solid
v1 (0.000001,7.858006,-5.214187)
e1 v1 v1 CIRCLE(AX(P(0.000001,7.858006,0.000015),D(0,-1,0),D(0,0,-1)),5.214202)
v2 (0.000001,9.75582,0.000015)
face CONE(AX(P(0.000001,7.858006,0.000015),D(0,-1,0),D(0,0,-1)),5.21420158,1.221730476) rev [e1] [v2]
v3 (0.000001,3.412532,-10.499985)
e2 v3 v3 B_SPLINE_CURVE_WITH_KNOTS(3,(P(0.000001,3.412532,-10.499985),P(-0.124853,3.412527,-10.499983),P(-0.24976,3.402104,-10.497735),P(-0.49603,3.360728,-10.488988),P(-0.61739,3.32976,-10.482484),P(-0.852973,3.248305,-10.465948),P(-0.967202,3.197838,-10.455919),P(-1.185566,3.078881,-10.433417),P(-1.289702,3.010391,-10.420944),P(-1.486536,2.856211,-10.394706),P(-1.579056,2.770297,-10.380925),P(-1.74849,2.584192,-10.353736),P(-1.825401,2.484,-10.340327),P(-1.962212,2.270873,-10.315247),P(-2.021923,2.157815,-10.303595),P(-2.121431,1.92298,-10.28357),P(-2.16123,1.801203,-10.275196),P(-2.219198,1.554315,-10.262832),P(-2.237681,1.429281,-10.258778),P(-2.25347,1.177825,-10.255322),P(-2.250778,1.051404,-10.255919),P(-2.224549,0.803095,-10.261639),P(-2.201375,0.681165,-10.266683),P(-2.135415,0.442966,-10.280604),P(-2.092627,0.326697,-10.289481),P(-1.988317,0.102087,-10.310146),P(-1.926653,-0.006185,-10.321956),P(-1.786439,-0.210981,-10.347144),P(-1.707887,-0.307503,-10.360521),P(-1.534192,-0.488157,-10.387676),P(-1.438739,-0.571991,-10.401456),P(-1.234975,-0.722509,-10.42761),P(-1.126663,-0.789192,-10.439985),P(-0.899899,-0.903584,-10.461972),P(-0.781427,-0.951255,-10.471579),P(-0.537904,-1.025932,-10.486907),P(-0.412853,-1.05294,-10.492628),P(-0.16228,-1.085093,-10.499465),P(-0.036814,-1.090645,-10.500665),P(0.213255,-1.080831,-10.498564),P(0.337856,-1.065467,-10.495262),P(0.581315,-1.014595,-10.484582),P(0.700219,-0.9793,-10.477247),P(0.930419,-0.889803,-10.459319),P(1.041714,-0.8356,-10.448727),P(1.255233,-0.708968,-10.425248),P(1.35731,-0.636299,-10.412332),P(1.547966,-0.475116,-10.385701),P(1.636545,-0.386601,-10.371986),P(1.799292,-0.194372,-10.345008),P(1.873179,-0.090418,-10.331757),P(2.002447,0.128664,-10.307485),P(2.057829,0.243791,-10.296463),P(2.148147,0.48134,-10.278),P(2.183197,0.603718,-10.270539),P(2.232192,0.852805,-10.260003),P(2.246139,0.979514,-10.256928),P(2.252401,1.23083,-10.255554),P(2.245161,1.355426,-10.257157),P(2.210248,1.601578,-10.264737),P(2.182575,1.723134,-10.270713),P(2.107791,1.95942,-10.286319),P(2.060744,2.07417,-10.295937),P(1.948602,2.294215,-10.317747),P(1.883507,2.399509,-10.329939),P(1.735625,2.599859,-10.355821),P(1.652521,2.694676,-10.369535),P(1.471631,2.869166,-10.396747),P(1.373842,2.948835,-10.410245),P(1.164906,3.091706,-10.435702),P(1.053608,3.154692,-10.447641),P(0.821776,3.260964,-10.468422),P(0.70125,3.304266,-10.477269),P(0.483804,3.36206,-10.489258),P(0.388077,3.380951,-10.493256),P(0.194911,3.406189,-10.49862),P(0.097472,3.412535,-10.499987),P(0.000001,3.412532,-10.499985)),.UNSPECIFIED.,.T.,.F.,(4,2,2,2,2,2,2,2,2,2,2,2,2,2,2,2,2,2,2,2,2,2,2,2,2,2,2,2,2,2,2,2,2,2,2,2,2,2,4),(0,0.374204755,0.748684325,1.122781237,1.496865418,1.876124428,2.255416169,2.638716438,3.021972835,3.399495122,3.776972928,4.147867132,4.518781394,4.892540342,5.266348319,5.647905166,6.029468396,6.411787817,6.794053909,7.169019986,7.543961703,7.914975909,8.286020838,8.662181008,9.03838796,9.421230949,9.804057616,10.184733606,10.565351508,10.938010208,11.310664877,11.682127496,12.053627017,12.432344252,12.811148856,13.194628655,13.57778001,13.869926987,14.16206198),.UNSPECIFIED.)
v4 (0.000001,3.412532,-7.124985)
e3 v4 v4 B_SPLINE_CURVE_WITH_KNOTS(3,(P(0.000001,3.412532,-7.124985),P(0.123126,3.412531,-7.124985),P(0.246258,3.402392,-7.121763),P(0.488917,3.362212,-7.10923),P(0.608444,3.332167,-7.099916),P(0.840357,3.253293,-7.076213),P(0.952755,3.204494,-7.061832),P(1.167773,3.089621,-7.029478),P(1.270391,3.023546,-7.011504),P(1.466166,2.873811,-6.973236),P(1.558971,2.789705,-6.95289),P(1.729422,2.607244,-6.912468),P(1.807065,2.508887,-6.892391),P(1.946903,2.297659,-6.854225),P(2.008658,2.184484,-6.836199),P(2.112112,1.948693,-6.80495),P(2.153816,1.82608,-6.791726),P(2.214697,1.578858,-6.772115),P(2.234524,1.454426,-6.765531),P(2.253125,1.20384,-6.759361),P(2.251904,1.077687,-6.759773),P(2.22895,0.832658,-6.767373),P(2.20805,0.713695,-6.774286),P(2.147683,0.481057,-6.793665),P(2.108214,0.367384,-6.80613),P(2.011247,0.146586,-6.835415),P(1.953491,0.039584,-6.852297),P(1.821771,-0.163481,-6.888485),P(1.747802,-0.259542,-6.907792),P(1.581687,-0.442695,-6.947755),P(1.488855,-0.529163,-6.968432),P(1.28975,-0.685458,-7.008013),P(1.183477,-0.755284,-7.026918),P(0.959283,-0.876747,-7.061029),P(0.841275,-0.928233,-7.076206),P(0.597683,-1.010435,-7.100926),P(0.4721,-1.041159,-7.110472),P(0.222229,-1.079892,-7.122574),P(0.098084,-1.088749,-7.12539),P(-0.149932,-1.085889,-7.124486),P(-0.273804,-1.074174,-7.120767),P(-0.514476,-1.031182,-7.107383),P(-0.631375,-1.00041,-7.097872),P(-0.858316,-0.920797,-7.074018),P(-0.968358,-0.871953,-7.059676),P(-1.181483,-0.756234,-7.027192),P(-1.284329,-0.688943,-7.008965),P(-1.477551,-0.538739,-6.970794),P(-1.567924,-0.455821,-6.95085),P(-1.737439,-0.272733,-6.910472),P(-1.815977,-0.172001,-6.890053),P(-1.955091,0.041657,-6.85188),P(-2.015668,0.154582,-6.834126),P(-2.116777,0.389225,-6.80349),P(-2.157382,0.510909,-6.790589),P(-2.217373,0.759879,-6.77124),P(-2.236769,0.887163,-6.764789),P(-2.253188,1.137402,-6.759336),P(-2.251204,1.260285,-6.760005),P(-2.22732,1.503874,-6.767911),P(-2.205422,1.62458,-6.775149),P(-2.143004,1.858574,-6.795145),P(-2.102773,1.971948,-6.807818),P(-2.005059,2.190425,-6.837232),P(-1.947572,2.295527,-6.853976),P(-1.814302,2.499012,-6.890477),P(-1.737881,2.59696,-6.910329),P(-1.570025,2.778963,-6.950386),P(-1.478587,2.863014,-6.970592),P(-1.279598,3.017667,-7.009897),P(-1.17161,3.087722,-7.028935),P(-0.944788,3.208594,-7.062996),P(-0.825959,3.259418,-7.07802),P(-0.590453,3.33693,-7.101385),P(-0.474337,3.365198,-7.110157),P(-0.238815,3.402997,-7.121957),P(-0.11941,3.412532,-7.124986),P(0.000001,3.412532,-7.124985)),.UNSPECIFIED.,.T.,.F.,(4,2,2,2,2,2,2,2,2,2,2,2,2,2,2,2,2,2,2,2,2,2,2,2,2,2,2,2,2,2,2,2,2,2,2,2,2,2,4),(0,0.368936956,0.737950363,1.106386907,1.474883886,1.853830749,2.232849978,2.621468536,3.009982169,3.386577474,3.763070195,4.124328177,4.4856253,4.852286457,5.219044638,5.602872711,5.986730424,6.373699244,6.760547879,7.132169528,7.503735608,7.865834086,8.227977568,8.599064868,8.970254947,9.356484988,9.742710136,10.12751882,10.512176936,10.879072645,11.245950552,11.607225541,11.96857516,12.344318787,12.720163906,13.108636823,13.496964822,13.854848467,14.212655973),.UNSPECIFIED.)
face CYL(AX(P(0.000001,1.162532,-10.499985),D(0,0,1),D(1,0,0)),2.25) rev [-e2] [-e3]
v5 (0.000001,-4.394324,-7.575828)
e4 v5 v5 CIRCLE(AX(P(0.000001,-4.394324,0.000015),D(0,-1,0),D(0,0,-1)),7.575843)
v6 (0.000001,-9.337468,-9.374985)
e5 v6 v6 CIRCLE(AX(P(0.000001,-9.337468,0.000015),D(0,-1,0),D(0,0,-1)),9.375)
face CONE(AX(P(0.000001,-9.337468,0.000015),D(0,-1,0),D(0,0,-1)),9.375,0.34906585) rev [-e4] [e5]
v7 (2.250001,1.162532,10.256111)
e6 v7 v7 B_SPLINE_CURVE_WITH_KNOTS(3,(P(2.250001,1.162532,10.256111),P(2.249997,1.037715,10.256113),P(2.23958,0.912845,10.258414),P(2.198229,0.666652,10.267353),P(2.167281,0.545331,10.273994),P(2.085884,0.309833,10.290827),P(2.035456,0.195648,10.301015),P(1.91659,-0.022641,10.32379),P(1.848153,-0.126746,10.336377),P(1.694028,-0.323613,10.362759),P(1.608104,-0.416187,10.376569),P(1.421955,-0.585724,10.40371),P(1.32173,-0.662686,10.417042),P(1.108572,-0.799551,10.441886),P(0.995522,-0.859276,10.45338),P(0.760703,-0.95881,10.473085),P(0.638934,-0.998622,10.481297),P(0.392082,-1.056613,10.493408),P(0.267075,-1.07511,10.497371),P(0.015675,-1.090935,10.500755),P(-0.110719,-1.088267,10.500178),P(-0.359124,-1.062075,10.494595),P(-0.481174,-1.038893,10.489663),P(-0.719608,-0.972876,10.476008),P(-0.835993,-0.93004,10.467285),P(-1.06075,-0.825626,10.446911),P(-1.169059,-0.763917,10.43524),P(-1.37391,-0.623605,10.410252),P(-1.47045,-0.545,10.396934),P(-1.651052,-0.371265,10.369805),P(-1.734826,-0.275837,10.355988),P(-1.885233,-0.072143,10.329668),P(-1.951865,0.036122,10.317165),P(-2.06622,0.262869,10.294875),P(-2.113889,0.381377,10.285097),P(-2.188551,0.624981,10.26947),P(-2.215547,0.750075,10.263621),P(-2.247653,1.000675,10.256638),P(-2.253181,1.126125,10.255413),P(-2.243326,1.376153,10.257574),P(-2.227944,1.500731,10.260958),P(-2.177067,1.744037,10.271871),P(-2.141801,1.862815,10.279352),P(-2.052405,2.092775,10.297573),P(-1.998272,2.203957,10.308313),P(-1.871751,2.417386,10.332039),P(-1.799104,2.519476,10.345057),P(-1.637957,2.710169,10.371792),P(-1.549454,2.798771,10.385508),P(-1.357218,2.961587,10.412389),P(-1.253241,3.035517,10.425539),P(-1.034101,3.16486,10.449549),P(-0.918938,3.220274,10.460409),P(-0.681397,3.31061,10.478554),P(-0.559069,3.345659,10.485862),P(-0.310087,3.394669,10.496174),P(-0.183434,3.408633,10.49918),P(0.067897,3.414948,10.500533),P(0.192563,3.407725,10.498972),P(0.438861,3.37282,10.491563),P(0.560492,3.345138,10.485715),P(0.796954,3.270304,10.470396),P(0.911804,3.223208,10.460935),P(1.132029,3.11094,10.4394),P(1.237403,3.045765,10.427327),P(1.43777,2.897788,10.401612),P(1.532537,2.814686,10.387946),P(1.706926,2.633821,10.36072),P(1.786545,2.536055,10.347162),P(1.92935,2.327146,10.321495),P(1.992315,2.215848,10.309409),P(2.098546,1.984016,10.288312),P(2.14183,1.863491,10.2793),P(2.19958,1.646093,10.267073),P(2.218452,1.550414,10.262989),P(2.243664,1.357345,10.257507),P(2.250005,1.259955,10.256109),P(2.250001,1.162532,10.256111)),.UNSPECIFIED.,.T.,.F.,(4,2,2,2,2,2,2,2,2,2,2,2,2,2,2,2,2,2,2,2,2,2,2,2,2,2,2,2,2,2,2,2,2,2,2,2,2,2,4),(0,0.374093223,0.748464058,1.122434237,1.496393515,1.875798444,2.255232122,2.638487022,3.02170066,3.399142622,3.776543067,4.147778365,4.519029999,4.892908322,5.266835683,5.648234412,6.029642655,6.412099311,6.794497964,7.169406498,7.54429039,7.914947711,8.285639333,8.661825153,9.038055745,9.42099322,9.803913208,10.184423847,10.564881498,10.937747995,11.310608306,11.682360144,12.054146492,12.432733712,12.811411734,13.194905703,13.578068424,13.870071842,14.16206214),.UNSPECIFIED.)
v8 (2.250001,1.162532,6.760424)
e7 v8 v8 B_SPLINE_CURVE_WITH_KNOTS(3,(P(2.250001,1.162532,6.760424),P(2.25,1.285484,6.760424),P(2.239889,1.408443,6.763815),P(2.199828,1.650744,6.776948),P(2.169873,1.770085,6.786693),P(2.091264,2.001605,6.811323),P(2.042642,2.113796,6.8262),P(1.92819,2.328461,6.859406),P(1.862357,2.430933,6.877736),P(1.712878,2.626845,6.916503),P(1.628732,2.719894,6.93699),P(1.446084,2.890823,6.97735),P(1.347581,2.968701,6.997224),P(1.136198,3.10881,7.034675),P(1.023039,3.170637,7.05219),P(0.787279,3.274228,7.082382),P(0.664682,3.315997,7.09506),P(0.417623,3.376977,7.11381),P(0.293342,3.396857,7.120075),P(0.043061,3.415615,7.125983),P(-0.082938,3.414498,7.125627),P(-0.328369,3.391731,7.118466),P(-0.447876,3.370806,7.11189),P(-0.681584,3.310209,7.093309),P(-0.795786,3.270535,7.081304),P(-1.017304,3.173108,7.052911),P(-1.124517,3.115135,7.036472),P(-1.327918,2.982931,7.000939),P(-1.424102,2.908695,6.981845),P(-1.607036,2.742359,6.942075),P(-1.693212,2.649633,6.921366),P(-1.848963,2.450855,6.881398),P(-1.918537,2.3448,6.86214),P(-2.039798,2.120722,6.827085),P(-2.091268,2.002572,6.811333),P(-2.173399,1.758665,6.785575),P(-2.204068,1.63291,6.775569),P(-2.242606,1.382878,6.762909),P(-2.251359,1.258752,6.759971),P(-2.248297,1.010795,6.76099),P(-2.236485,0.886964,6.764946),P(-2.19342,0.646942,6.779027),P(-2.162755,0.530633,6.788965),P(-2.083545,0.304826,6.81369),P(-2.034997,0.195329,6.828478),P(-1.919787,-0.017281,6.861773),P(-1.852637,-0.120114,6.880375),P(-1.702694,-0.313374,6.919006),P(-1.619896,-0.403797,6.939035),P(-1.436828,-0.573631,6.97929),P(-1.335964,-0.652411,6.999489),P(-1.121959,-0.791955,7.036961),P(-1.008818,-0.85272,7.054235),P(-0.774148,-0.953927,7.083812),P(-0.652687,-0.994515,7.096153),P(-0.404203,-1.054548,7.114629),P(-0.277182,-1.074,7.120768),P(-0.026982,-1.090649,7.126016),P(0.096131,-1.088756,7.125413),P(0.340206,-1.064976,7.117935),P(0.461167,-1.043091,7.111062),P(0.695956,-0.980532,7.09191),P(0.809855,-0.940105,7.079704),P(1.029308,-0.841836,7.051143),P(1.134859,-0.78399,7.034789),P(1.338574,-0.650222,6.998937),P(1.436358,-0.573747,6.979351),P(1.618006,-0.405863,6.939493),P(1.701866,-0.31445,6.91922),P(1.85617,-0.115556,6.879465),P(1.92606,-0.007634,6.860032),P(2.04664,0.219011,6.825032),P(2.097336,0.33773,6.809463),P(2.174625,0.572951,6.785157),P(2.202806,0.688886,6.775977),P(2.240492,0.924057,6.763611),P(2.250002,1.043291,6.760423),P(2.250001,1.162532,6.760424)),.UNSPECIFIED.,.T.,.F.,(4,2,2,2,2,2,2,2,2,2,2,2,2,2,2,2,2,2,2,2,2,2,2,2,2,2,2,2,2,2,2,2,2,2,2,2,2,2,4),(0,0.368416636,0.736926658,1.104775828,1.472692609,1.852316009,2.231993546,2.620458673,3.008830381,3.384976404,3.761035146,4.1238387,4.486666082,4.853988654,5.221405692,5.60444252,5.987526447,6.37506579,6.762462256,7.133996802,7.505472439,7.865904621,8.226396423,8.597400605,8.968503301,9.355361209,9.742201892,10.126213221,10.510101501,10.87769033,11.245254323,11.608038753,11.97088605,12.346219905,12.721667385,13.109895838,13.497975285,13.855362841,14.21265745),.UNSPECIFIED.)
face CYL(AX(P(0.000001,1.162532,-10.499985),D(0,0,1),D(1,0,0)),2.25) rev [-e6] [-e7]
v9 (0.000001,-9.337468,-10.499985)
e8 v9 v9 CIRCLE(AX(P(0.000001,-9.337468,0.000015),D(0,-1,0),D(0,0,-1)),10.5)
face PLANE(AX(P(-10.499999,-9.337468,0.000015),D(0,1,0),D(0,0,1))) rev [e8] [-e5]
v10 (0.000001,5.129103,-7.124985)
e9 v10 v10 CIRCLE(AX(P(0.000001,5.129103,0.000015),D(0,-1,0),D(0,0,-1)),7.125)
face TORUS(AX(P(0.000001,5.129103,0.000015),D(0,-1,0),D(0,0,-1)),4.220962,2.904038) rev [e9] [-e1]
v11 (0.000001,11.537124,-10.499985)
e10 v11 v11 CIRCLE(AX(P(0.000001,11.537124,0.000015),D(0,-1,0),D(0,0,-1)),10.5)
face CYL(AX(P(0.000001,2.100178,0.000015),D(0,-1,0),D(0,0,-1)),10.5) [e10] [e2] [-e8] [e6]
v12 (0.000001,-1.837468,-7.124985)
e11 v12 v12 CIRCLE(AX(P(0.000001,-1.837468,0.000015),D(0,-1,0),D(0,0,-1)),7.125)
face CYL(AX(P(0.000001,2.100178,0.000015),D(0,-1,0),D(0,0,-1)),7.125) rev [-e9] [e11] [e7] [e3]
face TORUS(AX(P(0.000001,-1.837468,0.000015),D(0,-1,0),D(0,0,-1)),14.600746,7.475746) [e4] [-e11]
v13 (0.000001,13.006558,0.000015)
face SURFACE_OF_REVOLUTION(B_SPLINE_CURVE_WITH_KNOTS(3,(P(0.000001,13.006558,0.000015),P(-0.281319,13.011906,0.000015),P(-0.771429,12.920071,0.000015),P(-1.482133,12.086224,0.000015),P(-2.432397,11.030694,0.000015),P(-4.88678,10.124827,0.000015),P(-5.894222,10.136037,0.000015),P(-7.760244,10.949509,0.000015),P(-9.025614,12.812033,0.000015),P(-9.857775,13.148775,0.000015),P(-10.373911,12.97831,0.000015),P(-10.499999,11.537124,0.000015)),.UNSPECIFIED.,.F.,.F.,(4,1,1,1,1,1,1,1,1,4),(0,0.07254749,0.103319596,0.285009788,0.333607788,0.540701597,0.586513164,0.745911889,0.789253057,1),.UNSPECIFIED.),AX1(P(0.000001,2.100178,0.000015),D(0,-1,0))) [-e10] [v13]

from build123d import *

# Parameters (mm, degrees)
CUT_EXTRUDE1_DEPTH      = 14.866731381
CUT_EXTRUDE1_DEPTH_BACK = 14.866731381
SKETCH2_R               = 1.5
SCALE1_SCALE            = 1.5


with BuildPart() as part:
    # Sketch1 → Revolve1 (revolve)
    with BuildSketch(Plane.XY, mode=Mode.PRIVATE) as revolve1_sk:
        with BuildLine():
            Line((-7, 8.712098042), (-7, 7.295703465))
            Line((-7, 7.295703465), (-7, 6.795703465))
            Line((-7, 6.795703465), (-7, 6.295703465))
            Line((-7, 6.295703465), (-7, 5.795703465))
            Line((-7, 5.795703465), (-7, -5.204296535))
            Line((-7, -5.204296535), (-6.25, -5.204296535))
            Line((-6.25, -5.204296535), (-5.050561785, -1.908867124))
            ThreePointArc((-5.050561785, -1.908867124), (-4.825715591, -1.069729704), (-4.75, -0.204296535))
            Line((-4.75, -0.204296535), (-4.75, 4.440083994))
            ThreePointArc((-4.75, 4.440083994), (-4.399873792, 5.550542455), (-3.476134386, 6.259352631))
            Line((-3.476134386, 6.259352631), (0, 7.524562078))
            Line((0, 7.524562078), (0, 8.566185983))
            Line((0, 8.566185983), (0, 9.69172121))
            add(Edge.make_bspline(
                [(-7, 8.712098042), (-6.915941705, 9.672888752), (-6.571850582, 9.786532429), (-6.017076444, 9.562037769), (-5.173496459, 8.320355176), (-3.929482137, 7.778040067), (-3.257853738, 7.770566701), (-1.62159895, 8.374478133), (-0.988089519, 9.078164836), (-0.514286955, 9.634062862), (-0.187546651, 9.695286605), (0, 9.69172121)],
                knots=[0, 0, 0, 0, 0.210746943, 0.254088111, 0.413486836, 0.459298403, 0.666392212, 0.714990212, 0.896680404, 0.92745251, 1, 1, 1, 1], degree=3))
        make_face()
    revolve(revolve1_sk.sketch.rotate(Axis((0, 2.420801252, 0), (0, 1, 0)), 270), axis=Axis((0, 2.420801252, 0), (0, 1, 0)))

    # Sketch2 → Cut-Extrude1 (cut, two sides: drawn at the far end of the back side and taken through both)
    with BuildSketch(Plane.XY.offset(-CUT_EXTRUDE1_DEPTH_BACK)):
        with Locations((0, 1.795703465)):
            Circle(SKETCH2_R)
    extrude(amount=CUT_EXTRUDE1_DEPTH + CUT_EXTRUDE1_DEPTH_BACK, mode=Mode.SUBTRACT)


with BuildPart() as part_1:
    # Scale1: scaled about (-7.054e-06, 3.062618866, 0.000522171)
    add(part.part.scale(SCALE1_SCALE).moved(Location((3.527e-06, -1.531309433, -0.000261085))))


solid = part_1.part
